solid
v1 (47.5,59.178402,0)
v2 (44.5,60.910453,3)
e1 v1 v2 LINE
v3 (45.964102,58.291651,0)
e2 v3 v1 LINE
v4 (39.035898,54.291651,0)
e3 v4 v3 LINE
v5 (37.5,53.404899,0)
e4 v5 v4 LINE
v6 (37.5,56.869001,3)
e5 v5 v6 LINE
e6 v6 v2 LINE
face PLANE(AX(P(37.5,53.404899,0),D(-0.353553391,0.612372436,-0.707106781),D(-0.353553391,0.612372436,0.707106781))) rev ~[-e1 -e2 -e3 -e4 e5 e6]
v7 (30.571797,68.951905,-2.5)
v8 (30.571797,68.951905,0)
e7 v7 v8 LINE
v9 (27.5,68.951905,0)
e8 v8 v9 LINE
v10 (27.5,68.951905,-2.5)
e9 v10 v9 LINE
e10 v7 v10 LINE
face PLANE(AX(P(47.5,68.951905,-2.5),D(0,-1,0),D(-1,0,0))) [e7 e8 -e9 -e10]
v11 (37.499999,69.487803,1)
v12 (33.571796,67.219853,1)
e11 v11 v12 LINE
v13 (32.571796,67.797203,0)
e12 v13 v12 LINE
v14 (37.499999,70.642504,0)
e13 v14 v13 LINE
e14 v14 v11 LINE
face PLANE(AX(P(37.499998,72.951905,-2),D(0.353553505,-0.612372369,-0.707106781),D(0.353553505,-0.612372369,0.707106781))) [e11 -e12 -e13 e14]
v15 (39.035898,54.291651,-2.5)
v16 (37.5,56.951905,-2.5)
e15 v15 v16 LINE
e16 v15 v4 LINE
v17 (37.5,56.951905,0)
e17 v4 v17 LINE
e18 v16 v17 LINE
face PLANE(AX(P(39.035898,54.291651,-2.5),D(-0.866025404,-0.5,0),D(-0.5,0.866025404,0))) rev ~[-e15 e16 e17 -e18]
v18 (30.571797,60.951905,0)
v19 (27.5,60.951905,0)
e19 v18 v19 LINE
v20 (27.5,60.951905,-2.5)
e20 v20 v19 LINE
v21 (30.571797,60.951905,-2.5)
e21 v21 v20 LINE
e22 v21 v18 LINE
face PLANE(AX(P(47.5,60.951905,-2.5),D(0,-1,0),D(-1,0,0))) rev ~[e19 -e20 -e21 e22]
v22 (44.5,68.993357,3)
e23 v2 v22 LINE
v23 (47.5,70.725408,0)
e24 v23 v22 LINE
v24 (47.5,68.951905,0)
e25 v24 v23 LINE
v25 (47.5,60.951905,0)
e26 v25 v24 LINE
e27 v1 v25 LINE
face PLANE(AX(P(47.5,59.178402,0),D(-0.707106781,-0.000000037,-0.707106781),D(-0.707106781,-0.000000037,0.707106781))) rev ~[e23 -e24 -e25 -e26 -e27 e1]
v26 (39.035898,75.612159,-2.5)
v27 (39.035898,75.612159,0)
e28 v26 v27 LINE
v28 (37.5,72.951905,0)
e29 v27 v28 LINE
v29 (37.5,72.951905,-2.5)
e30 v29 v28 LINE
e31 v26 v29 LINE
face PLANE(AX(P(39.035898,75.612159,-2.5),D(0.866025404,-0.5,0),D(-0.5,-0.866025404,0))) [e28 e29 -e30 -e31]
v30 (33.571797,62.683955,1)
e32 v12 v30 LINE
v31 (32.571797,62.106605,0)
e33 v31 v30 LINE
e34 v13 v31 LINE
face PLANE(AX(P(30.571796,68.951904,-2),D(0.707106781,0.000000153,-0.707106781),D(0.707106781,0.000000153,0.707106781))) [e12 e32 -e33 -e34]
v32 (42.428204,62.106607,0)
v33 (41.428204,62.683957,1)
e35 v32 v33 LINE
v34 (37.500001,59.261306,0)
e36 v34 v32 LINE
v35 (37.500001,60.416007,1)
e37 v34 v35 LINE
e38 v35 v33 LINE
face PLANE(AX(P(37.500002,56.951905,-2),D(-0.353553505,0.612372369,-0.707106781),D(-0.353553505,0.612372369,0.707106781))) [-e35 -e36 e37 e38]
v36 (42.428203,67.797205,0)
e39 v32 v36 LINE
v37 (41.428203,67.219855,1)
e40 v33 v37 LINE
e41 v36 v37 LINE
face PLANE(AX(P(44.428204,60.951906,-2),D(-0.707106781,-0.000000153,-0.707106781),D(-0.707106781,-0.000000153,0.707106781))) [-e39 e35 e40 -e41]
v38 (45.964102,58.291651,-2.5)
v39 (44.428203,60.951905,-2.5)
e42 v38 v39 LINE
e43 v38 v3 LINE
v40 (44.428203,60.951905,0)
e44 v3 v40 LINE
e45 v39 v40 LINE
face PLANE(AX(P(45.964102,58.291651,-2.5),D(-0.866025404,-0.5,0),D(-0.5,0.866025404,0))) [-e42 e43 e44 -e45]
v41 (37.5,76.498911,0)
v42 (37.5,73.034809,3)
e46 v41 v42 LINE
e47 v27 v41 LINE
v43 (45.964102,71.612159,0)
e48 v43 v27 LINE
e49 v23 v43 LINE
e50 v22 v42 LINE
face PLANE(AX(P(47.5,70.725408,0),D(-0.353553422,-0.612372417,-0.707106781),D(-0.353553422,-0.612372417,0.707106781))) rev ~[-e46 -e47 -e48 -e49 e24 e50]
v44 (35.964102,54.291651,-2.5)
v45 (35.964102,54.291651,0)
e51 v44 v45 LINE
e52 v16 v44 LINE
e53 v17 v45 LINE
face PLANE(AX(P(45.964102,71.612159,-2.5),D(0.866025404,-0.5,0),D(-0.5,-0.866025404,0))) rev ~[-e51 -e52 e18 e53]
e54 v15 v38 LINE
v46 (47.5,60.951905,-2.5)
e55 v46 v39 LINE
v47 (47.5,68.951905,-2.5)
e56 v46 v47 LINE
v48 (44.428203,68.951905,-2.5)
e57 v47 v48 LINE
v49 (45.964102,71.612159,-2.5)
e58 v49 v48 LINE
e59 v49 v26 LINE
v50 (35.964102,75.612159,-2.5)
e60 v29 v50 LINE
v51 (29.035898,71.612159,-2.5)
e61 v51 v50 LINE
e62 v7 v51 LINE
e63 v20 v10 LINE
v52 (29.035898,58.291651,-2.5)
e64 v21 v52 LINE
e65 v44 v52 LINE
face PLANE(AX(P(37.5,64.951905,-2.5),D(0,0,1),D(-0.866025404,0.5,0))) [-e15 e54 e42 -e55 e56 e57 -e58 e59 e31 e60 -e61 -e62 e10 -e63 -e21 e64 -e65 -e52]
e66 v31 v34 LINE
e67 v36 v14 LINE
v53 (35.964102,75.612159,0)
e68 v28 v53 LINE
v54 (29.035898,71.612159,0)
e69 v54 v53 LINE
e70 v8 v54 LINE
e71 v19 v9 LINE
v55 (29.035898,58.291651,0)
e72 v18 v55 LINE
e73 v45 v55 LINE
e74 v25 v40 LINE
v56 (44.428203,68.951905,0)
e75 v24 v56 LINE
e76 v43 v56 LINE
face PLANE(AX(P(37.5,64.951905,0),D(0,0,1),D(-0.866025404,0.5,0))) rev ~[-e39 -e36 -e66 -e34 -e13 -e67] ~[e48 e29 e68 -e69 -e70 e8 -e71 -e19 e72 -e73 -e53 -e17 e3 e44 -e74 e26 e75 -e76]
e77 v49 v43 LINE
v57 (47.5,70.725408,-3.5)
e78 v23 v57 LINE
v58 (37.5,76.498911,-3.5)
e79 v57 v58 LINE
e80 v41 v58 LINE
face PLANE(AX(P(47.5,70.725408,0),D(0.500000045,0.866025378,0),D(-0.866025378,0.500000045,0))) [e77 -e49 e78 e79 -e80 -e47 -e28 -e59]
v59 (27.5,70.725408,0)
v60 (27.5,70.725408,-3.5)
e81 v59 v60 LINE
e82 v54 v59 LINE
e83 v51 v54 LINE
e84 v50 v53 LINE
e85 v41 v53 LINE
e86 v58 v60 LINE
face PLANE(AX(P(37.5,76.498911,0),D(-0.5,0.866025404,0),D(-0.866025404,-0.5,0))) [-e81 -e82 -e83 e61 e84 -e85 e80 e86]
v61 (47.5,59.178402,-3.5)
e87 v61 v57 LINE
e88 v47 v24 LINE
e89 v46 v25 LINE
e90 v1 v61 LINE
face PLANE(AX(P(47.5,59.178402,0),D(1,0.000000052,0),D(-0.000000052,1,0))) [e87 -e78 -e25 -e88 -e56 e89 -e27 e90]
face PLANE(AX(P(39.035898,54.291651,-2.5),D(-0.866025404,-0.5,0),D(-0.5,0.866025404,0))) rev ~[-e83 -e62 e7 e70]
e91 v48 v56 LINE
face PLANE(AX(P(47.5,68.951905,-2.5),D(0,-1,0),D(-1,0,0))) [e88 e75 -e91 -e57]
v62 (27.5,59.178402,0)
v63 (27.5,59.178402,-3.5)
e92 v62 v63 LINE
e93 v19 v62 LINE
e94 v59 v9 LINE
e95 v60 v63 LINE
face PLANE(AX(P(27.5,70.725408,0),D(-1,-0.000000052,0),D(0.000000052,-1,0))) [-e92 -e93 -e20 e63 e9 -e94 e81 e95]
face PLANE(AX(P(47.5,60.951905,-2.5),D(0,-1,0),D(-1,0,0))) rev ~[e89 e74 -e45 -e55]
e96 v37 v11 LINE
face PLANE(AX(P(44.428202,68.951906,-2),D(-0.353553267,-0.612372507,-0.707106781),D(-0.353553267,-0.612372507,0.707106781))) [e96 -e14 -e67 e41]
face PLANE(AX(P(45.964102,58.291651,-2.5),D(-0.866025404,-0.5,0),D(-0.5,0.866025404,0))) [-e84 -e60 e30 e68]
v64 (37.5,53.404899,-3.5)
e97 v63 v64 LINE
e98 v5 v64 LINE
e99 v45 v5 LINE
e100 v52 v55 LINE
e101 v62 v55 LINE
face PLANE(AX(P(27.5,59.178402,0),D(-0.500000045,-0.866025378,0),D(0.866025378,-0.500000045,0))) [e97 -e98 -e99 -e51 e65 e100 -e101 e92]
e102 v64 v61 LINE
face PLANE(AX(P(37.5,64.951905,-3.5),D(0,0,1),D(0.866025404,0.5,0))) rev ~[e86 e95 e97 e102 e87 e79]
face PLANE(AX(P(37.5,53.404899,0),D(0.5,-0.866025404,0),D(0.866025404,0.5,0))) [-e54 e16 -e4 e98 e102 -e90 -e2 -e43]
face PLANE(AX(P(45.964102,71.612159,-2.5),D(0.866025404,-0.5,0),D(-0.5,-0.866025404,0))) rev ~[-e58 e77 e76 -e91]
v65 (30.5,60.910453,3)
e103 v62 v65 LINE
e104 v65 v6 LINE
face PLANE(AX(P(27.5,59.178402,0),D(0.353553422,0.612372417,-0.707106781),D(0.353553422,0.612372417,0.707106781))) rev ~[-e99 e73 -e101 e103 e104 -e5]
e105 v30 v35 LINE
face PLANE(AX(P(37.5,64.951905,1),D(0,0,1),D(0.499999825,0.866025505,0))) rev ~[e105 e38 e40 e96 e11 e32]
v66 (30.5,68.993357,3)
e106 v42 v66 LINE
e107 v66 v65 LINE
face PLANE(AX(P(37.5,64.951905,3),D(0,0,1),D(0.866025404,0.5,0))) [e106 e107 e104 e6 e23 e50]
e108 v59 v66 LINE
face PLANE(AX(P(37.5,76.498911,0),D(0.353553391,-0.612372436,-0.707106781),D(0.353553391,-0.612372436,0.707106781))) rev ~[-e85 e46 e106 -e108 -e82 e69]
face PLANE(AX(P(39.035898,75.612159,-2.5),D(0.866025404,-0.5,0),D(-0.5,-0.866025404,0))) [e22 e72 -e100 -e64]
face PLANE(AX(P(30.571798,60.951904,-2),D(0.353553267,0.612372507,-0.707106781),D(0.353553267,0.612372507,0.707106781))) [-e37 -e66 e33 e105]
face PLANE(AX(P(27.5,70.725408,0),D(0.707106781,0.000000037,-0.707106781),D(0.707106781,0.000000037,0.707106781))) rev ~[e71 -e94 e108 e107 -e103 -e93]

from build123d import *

# Parameters (mm, degrees)
BOX001_W                    = 8
BOX001_H                    = 20
BOX001_DEPTH                = 2.5
ARRAY_COUNT                 = 3
ARRAY_ANGLE                 = 120
PAD_DEPTH                   = 3
PAD_TAPER                   = 45
PAD001_DEPTH                = 3.5
FUSION_PLACEMENT_ANGLE      = 30
BASEFEATURE_PLACEMENT_ANGLE = 30
POCKET_DEPTH                = 3
POCKET_TAPER                = 45
CUT_PLACEMENT_ANGLE         = 30


with BuildPart() as array:
    # Box001 → Box001 (new body)
    with BuildSketch(Plane(origin=(-4, -10, -2.5), x_dir=(1, 0, 0), z_dir=(0, 0, 1))):
        with Locations((4, 10)):
            Rectangle(BOX001_W, BOX001_H)
    extrude(amount=BOX001_DEPTH)

    # Array: Array ×3 about axis
    array_axis = Axis((0, 0, 0), (0, 0, 1))


with BuildPart() as array_1:
    add(array.part)
    for i in range(1, ARRAY_COUNT):
        add(array.part.rotate(array_axis, i * ARRAY_ANGLE / (ARRAY_COUNT - 1)))


with BuildPart() as pad:
    # Sketch → Pad (new body)
    with BuildSketch(Plane.XY):
        Polygon((-11.547005, 0), (-5.773503, -10), (5.773503, -10), (11.547005, 0), (5.773503, 10), (-5.773503, 10), align=None)
    extrude(amount=PAD_DEPTH, taper=PAD_TAPER)


with BuildPart() as cell003:
    # Pad001 base: copy of Pad
    add(pad.part)

    # Sketch → Pad001 (new body)
    with BuildSketch(Plane.XY):
        Polygon((-11.547005, 0), (-5.773503, -10), (5.773503, -10), (11.547005, 0), (5.773503, 10), (-5.773503, 10), align=None)
    extrude(amount=-PAD001_DEPTH)

    # Fusion: union Pad
    add(pad.part)


with BuildPart() as cell003_1:
    # Fusion placement: moved
    add(cell003.part.rotate(Axis((0, 0, 0), (0, 0, 1)), FUSION_PLACEMENT_ANGLE))


with BuildPart() as cell003_2:
    # BaseFeature placement: moved
    add(cell003_1.part.rotate(Axis((0, 0, 0), (0, 0, -1)), BASEFEATURE_PLACEMENT_ANGLE))

    # Sketch002 → Pocket (cut)
    with BuildSketch(Plane(origin=(0, 0, -2), x_dir=(0.866025, 0.5, 0), z_dir=(0, 0, 1))):
        Polygon((0, 8), (-6.928203, 4), (-6.928203, -4), (0, -8), (6.928203, -4), (6.928203, 4), align=None)
    extrude(amount=POCKET_DEPTH, taper=POCKET_TAPER, mode=Mode.SUBTRACT)

    # Cut: cut Array
    add(array_1.part, mode=Mode.SUBTRACT)


with BuildPart() as cell003_3:
    # Cut placement: moved
    add(cell003_2.part.rotate(Axis((0, 0, 0), (0, 0, 1)), CUT_PLACEMENT_ANGLE))


with BuildPart() as cell003_4:
    # Clone002 placement: moved
    add(cell003_3.part.moved(Location((37.5, 64.951905, 0))))


solid = cell003_4.part
